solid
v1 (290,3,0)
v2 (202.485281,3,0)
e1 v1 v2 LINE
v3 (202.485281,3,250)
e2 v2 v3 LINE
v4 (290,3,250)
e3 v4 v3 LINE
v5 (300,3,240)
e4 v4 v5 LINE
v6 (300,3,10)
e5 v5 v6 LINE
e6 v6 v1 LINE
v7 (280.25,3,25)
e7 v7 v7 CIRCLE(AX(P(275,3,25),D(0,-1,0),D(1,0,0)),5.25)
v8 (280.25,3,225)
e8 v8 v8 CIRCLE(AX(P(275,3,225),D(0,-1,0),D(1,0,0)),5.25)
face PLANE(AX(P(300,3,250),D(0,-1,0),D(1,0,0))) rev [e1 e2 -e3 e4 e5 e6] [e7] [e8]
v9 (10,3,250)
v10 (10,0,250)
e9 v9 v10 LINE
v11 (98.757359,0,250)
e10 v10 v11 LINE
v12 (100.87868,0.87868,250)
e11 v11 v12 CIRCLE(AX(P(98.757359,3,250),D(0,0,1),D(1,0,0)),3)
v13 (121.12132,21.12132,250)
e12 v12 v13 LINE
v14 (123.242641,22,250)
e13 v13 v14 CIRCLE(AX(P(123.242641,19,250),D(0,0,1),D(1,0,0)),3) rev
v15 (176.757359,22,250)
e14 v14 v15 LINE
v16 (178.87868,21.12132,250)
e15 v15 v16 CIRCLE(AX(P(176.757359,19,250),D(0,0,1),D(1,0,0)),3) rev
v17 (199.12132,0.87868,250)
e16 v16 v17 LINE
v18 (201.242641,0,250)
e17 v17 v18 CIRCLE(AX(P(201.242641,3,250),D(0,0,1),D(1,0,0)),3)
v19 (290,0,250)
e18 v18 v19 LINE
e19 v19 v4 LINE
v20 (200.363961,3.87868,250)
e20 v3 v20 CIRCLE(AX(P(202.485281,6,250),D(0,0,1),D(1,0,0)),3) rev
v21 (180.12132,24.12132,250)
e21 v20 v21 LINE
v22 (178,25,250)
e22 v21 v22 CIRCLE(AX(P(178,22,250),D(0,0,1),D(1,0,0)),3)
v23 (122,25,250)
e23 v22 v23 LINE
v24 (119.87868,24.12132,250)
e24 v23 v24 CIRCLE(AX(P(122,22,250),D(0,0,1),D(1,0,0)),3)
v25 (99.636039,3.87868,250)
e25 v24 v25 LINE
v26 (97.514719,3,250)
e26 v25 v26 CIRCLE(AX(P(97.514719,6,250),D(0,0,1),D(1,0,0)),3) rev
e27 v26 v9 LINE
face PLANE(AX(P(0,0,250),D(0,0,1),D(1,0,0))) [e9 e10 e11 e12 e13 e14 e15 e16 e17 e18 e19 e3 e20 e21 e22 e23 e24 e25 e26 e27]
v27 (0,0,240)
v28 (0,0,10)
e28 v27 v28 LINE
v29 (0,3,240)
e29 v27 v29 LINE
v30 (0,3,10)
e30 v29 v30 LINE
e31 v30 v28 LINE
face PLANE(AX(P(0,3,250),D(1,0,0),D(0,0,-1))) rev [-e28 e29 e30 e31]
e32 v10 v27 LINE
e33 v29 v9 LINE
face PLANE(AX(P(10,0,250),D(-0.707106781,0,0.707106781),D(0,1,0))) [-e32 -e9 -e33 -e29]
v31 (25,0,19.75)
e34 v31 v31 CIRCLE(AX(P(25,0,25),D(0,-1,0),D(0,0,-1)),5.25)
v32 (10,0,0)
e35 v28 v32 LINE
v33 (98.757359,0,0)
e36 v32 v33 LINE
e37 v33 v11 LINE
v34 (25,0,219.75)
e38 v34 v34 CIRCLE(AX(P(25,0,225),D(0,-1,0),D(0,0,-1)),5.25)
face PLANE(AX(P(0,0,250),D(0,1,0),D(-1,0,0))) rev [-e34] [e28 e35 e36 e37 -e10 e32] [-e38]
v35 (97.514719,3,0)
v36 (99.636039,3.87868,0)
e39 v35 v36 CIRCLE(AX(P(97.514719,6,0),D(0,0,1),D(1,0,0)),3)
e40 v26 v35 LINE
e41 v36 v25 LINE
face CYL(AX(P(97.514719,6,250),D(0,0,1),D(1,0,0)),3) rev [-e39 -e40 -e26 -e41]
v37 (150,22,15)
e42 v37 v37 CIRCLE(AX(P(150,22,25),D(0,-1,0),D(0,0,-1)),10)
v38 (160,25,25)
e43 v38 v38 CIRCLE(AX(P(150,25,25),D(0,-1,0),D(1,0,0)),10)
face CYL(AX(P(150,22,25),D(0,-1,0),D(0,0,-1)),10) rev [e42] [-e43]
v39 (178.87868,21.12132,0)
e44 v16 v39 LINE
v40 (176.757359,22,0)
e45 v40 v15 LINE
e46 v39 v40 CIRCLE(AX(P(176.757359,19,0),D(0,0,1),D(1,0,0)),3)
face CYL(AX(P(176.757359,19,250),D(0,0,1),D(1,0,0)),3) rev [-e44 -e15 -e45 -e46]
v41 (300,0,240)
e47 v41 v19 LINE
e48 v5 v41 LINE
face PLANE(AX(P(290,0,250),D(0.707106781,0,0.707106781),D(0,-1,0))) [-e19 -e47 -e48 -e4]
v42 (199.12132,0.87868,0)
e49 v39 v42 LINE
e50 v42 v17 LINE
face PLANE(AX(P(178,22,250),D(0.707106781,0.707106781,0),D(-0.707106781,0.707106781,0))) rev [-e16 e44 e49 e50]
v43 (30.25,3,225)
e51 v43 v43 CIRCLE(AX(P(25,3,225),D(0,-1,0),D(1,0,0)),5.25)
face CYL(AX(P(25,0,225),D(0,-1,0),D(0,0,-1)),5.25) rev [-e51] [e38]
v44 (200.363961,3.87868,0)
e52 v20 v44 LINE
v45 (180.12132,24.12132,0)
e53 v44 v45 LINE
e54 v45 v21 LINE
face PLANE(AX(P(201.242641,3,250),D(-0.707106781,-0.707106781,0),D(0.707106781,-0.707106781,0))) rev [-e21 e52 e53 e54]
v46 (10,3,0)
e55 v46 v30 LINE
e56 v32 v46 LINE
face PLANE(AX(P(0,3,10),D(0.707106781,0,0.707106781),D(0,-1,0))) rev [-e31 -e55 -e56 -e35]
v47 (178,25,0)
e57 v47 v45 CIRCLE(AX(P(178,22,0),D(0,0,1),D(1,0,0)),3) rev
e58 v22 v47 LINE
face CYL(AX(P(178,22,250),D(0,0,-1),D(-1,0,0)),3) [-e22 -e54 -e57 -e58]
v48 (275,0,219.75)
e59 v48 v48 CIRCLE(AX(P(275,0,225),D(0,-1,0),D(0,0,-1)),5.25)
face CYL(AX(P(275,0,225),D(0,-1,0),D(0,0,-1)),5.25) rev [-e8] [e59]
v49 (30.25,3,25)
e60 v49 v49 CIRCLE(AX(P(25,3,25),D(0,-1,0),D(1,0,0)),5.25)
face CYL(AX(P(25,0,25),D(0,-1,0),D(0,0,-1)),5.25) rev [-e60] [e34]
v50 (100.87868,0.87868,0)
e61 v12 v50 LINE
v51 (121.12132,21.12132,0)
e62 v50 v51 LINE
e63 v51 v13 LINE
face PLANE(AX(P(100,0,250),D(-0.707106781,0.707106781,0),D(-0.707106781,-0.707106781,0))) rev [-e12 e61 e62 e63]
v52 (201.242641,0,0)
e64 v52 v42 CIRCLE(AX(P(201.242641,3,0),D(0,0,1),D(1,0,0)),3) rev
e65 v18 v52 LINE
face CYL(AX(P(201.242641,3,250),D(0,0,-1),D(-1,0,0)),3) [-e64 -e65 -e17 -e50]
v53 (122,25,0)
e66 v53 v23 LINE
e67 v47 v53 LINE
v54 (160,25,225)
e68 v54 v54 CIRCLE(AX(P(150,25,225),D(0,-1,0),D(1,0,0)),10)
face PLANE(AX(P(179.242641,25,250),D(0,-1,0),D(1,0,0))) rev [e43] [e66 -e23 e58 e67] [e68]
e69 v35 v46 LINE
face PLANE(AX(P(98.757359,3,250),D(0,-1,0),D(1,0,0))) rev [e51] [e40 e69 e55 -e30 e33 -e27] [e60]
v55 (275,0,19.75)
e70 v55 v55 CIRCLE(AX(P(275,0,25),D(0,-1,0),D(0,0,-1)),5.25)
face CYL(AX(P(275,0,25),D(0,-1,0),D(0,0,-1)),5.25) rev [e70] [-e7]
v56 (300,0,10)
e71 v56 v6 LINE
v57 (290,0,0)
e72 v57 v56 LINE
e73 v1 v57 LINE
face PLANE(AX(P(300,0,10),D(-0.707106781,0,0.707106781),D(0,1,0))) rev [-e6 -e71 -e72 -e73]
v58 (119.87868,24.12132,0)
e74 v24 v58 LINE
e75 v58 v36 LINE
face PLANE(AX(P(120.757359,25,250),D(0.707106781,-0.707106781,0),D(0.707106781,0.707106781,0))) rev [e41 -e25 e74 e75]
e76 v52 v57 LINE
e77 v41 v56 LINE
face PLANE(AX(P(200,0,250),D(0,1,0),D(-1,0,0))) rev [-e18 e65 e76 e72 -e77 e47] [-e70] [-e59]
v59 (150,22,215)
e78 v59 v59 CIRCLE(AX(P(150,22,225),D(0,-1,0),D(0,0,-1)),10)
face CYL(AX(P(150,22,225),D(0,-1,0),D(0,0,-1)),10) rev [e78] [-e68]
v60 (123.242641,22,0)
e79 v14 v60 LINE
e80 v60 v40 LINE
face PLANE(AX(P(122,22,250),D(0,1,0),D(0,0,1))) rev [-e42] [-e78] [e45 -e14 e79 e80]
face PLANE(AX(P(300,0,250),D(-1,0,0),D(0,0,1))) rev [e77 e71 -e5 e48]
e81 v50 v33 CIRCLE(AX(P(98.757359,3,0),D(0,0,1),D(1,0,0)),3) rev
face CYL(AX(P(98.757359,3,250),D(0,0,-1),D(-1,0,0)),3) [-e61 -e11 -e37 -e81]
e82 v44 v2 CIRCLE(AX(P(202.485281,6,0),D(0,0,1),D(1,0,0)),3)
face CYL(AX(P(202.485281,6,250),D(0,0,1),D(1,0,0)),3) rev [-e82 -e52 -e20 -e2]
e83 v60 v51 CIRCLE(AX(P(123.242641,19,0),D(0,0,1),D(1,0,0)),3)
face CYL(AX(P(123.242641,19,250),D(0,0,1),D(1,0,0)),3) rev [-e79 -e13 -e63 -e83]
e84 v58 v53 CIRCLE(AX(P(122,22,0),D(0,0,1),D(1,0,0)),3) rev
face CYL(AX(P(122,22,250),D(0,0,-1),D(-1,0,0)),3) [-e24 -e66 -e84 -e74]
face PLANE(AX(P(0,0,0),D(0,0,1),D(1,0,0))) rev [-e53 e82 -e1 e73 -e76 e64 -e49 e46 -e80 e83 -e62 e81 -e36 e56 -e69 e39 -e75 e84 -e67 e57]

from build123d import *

# Parameters (mm, degrees)
EXTRUDE_1_DEPTH           = 250
HOLE_WIZARD_3_0_3_1_D     = 20
HOLE_WIZARD_3_0_3_1_DEPTH = 42.5
HOLE_WIZARD_3_0_3_1_TIP   = 6.00860619
FILLET_1_R                = 3
HOLE_WIZARD_10_5_10_5_1_D = 10.5
CHAMFER_1_SIZE            = 10


with BuildPart() as part:
    # 草图1 → 凸台-拉伸1 (new body)
    with BuildSketch(Plane.XY):
        Polygon((0, 0), (100, 0), (122, 22), (178, 22), (200, 0), (300, 0), (300, 3), (201.242640687, 3), (179.242640687, 25), (120.757359313, 25), (98.757359313, 3), (0, 3), align=None)
    extrude(amount=EXTRUDE_1_DEPTH)

    # Ø3.0 (3) 直径孔1
    with Locations(Plane(origin=(0, 22, 0), x_dir=(-1, 0, 0), z_dir=(0, -1, 0))):
        with Locations((-150, -225), (-150, -25)):
            Hole(HOLE_WIZARD_3_0_3_1_D / 2, depth=HOLE_WIZARD_3_0_3_1_DEPTH)
            with Locations((0, 0, -(HOLE_WIZARD_3_0_3_1_DEPTH + HOLE_WIZARD_3_0_3_1_TIP / 2))):  # 118° drill point
                Cone(0, HOLE_WIZARD_3_0_3_1_D / 2, HOLE_WIZARD_3_0_3_1_TIP, mode=Mode.SUBTRACT)

    # 圆角1
    fillet_1_edges = [part.edges().sort_by_distance(p)[0] for p in [
        (98.757359313, 3, 125),
        (120.757359313, 25, 125),
        (179.242640687, 25, 125),
        (201.242640687, 3, 125),
        (200, 0, 125),
        (178, 22, 125),
        (122, 22, 125),
        (100, 0, 125),
    ]]
    fillet(fillet_1_edges, radius=FILLET_1_R)

    # Ø10.5 (10.5) 直径孔1 (through all)
    with Locations(Plane(origin=(0, 0, 0), x_dir=(-1, 0, 0), z_dir=(0, -1, 0))):
        with Locations((-25, -225), (-25, -25), (-275, -225), (-275, -25)):
            Hole(HOLE_WIZARD_10_5_10_5_1_D / 2)

    # 倒角1
    chamfer_1_edges = [part.edges().sort_by_distance(p)[0] for p in [
        (300, 1.5, 0),
        (0, 1.5, 0),
        (300, 1.5, 250),
        (0, 1.5, 250),
    ]]
    chamfer(chamfer_1_edges, length=CHAMFER_1_SIZE)


solid = part.part
